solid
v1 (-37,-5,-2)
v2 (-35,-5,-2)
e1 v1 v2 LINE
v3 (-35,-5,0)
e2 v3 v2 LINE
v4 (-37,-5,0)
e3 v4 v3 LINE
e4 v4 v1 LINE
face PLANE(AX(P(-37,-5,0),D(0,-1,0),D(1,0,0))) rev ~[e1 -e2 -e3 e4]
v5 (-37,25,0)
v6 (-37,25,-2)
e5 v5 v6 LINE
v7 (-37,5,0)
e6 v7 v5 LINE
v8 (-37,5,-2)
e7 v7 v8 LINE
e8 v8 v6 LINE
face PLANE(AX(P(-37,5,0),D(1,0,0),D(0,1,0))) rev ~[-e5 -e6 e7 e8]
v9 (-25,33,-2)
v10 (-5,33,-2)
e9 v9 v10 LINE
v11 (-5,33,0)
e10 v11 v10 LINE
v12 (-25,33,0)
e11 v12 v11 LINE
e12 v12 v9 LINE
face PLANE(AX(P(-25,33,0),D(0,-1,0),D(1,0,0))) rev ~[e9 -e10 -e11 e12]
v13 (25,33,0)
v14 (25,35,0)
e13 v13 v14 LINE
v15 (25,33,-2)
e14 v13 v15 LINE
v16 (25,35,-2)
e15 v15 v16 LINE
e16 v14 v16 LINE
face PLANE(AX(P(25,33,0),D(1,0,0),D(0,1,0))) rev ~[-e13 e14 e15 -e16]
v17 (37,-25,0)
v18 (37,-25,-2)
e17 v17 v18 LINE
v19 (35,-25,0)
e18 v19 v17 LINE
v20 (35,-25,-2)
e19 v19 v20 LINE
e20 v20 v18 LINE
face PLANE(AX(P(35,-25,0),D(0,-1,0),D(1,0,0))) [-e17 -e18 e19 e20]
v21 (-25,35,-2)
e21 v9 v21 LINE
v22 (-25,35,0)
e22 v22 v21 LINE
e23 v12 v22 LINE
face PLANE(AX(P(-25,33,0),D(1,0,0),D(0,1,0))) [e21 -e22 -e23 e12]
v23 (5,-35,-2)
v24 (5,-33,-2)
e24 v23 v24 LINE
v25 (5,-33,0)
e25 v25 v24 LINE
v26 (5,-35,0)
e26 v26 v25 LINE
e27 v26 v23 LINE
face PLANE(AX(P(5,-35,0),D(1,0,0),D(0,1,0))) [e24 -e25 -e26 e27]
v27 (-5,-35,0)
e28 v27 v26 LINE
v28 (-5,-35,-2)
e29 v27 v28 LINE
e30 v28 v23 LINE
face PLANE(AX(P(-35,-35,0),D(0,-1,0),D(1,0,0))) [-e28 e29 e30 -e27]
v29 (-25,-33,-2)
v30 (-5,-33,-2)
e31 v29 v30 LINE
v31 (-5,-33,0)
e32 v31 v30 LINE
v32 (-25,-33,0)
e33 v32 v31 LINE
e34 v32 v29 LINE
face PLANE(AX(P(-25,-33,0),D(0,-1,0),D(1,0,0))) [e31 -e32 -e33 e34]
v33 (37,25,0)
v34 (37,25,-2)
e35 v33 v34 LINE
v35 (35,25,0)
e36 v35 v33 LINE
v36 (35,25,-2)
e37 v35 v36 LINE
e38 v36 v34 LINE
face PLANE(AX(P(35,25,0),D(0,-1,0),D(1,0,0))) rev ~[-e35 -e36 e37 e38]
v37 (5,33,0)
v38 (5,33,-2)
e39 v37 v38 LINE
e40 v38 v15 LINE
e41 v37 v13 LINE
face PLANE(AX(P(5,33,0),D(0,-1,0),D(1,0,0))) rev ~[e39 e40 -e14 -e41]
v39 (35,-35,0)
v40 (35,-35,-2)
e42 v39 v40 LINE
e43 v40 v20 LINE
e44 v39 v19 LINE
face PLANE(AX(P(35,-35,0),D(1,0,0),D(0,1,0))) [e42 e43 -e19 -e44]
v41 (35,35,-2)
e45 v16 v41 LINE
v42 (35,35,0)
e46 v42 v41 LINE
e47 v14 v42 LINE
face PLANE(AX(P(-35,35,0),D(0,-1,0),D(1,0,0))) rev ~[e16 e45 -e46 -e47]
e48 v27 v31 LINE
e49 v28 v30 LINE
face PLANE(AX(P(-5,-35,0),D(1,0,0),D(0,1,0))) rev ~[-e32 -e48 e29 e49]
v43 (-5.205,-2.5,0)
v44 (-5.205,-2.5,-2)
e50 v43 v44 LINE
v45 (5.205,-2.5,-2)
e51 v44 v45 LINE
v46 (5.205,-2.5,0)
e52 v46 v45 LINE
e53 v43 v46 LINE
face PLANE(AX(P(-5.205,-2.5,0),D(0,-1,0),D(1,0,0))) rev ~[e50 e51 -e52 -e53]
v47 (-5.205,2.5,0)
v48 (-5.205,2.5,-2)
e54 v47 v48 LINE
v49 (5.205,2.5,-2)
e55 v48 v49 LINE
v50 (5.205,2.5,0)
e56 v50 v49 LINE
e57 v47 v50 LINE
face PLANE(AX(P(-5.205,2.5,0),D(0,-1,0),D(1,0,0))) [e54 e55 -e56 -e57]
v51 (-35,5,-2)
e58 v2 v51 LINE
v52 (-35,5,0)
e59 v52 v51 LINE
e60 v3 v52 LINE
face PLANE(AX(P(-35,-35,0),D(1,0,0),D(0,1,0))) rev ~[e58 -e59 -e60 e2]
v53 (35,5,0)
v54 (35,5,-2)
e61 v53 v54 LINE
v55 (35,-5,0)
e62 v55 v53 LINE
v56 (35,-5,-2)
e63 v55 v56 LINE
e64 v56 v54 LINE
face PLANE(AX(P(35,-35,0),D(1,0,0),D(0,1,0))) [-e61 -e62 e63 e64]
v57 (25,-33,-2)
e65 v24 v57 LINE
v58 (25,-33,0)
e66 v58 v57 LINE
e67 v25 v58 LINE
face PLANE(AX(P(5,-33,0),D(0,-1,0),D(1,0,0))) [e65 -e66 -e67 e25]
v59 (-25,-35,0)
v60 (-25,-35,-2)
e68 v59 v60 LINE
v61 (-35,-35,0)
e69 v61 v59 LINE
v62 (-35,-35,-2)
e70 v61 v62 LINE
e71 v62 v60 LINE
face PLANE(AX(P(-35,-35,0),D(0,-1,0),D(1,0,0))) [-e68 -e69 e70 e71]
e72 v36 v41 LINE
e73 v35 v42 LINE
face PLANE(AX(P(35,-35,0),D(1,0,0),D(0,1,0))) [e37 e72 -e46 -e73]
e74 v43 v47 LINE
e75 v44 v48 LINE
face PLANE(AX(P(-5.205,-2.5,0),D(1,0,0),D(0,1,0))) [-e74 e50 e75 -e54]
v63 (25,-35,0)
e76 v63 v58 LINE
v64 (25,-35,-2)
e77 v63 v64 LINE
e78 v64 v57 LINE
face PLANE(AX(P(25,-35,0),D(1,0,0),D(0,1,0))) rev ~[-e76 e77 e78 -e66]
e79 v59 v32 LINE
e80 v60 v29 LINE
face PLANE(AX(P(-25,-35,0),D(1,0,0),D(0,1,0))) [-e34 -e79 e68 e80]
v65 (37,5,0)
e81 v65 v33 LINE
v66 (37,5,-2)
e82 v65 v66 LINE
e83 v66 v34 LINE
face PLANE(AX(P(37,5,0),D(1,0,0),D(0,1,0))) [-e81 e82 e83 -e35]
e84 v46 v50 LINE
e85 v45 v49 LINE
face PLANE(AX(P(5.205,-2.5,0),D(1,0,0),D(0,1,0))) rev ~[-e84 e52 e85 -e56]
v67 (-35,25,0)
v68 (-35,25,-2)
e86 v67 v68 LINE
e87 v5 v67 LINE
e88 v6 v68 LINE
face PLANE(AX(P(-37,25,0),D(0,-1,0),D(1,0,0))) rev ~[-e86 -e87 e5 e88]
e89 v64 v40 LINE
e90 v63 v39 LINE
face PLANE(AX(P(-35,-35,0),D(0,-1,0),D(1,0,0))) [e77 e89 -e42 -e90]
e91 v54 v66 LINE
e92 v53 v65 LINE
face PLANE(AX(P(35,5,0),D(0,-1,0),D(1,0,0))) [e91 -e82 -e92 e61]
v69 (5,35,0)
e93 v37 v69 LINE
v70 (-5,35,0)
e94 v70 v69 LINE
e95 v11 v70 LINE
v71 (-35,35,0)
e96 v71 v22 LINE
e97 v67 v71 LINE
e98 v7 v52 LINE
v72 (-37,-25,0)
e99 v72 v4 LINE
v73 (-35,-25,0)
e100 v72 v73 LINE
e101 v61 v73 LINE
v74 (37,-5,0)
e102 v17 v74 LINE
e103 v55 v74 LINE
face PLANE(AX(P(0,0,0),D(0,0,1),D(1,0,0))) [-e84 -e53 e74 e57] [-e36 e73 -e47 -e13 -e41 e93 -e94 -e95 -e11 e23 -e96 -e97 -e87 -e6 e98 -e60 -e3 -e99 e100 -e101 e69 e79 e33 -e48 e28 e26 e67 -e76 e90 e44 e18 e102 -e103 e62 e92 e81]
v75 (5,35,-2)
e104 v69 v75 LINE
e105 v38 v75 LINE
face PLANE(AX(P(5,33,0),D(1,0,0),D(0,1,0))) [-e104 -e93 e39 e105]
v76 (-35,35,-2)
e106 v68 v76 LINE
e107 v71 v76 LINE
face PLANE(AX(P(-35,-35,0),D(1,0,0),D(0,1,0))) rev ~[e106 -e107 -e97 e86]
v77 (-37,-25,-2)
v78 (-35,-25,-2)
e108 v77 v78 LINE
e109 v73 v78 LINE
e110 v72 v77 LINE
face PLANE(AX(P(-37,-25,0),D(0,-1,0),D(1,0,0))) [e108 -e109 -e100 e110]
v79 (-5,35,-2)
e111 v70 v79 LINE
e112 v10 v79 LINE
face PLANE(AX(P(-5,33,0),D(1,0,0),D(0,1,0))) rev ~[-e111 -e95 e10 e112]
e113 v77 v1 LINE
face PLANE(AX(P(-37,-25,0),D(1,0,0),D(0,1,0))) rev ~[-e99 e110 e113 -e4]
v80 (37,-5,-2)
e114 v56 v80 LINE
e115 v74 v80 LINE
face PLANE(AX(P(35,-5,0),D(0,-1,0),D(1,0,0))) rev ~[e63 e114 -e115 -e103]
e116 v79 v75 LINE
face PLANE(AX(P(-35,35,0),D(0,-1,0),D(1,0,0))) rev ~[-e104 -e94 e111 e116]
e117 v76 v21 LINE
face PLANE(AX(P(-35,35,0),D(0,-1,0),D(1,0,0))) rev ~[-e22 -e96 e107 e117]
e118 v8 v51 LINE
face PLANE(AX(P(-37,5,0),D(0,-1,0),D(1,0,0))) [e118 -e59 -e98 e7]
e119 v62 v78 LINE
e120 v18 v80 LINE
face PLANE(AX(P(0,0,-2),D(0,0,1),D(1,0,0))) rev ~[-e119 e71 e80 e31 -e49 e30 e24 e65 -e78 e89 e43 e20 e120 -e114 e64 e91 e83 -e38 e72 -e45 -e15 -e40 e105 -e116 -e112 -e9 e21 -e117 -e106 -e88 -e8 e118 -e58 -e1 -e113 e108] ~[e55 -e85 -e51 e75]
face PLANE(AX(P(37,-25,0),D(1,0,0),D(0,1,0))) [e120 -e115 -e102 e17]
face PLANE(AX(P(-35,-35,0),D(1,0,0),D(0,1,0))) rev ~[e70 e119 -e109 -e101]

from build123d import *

# Parameters (mm, degrees)
SKETCH1_W           = 70
SKETCH1_H           = 70
BOSS_EXTRUDE1_DEPTH = 2
SKETCH2_W           = 2
SKETCH2_H           = 20
BOSS_EXTRUDE2_DEPTH = 2
SKETCH3_W           = 20
SKETCH3_H           = 2
CUT_EXTRUDE1_DEPTH  = 2
SKETCH4_W           = 10.41
SKETCH4_H           = 5
CUT_EXTRUDE2_DEPTH  = 10


with BuildPart() as part:
    # Sketch1 → Boss-Extrude1 (new body)
    with BuildSketch(Plane.XY):
        Rectangle(SKETCH1_W, SKETCH1_H)
    extrude(amount=-BOSS_EXTRUDE1_DEPTH)

    # Sketch2 → Boss-Extrude2 (add)
    with BuildSketch(Plane.XY):
        with Locations((-36, 15)):
            Rectangle(SKETCH2_W, SKETCH2_H)
        with Locations((-36, -15)):
            Rectangle(SKETCH2_W, SKETCH2_H)
        with Locations((36, -15)):
            Rectangle(SKETCH2_W, SKETCH2_H)
        with Locations((36, 15)):
            Rectangle(SKETCH2_W, SKETCH2_H)
    extrude(amount=-BOSS_EXTRUDE2_DEPTH)

    # Sketch3 → Cut-Extrude1 (cut)
    with BuildSketch(Plane.XY):
        with Locations((-15, 34)):
            Rectangle(SKETCH3_W, SKETCH3_H)
        with Locations((15, 34)):
            Rectangle(SKETCH3_W, SKETCH3_H)
        with Locations((-15, -34)):
            Rectangle(SKETCH3_W, SKETCH3_H)
        with Locations((15, -34)):
            Rectangle(SKETCH3_W, SKETCH3_H)
    extrude(amount=-CUT_EXTRUDE1_DEPTH, mode=Mode.SUBTRACT)

    # Sketch4 → Cut-Extrude2 (cut)
    with BuildSketch(Plane.XY):
        Rectangle(SKETCH4_W, SKETCH4_H)
    extrude(amount=-CUT_EXTRUDE2_DEPTH, mode=Mode.SUBTRACT)


solid = part.part
